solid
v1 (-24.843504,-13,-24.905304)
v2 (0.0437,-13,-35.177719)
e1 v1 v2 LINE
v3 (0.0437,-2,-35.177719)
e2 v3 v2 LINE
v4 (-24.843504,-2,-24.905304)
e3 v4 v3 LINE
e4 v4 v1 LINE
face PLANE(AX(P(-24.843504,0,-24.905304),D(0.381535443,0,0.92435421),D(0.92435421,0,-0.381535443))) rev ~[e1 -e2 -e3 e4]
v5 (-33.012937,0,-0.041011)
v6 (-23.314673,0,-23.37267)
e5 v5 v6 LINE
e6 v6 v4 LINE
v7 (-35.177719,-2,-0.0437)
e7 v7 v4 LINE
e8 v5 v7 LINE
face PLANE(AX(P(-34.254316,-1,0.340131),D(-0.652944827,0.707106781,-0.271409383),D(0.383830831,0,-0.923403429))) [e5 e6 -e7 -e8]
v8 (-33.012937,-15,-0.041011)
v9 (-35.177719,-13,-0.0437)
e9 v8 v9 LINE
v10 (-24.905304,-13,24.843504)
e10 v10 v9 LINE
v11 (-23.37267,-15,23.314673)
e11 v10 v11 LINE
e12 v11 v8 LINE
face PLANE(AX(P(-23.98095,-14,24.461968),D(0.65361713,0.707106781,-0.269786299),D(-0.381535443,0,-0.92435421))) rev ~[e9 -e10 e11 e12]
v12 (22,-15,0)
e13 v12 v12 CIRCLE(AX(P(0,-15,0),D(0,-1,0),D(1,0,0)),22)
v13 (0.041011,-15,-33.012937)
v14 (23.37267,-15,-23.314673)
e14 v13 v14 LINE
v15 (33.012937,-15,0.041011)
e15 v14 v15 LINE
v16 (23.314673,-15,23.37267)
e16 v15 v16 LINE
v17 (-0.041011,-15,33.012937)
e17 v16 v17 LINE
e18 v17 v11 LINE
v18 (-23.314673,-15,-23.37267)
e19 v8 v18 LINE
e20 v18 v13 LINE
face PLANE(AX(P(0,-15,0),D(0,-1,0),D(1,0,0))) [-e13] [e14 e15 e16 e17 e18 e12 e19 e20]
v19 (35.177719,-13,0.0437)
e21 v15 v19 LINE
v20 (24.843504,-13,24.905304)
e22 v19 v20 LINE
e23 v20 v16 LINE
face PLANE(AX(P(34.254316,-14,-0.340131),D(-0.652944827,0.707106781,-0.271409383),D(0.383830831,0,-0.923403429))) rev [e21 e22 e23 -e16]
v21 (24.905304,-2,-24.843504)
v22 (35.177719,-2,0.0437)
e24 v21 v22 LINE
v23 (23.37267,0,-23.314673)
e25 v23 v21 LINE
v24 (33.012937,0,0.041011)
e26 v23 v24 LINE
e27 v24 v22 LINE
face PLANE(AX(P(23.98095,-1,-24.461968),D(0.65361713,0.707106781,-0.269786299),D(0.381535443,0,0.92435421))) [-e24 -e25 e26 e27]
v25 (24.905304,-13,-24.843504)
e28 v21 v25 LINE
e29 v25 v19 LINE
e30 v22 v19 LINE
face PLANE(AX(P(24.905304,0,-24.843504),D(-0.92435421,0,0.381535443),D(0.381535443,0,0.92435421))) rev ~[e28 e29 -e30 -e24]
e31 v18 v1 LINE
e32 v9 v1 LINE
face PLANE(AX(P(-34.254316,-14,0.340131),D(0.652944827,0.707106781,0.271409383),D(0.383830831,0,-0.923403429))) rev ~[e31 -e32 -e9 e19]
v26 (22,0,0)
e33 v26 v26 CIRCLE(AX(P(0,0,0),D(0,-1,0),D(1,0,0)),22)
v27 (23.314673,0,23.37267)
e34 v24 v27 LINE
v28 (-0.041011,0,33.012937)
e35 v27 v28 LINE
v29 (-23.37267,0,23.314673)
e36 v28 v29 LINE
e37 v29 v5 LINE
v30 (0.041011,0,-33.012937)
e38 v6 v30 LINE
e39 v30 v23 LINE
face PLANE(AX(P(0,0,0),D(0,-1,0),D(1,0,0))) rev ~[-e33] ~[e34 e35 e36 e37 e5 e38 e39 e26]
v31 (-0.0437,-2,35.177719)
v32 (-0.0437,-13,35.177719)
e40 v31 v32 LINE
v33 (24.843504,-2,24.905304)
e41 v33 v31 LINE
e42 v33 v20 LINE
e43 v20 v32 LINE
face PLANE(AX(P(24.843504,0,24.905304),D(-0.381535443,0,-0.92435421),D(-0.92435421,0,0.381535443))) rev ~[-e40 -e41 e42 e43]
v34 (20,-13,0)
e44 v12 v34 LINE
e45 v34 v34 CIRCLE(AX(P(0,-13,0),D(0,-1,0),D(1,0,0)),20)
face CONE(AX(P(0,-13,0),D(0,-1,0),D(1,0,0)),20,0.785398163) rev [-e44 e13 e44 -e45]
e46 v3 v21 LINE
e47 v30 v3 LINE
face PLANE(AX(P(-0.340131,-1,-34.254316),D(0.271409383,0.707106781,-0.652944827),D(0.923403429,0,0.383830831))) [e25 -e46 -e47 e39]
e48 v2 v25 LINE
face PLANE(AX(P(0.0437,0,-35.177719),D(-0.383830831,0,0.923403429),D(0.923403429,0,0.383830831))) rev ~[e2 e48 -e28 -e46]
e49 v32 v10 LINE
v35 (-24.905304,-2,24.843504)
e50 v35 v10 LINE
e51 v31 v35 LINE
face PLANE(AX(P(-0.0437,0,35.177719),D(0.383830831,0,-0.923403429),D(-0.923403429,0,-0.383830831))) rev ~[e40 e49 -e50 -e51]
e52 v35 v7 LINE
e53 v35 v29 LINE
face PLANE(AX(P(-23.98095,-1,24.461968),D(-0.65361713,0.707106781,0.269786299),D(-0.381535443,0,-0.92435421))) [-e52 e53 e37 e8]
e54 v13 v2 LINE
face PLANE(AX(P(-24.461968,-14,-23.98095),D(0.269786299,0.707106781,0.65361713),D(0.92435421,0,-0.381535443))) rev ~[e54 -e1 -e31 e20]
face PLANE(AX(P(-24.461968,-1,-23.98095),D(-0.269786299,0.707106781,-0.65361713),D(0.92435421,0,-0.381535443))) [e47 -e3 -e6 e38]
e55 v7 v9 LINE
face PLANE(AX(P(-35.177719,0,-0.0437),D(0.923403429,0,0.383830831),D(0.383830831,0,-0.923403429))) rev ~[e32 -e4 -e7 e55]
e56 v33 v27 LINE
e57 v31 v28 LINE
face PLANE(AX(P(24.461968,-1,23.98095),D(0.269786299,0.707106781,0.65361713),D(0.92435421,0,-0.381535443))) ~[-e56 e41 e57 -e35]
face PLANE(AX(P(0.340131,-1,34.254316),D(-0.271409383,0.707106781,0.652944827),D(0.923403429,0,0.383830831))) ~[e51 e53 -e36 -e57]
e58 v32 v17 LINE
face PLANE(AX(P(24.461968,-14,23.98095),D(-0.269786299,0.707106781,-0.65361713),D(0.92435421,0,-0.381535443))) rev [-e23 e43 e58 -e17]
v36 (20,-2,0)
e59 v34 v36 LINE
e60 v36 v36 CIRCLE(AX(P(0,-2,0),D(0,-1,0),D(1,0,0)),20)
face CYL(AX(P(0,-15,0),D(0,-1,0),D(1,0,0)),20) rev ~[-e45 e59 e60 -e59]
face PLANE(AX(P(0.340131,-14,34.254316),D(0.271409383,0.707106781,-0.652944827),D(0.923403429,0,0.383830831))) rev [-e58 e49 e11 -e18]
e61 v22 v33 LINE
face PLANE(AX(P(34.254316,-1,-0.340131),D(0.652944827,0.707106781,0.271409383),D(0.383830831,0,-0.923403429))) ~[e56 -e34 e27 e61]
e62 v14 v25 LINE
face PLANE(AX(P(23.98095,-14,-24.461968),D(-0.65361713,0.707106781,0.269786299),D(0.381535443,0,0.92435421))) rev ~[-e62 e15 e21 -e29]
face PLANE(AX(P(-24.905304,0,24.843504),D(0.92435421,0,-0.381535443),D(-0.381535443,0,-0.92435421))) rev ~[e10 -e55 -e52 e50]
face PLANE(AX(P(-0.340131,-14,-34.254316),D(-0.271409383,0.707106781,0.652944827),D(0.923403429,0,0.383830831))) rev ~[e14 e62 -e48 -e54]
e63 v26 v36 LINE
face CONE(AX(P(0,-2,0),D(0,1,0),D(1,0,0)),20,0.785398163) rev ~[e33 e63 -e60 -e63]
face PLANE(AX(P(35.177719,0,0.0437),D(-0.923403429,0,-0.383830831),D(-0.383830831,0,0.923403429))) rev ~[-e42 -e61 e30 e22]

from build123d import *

# Parameters (mm, degrees)
F1_DEPTH = 15
F2_R     = 20
F3_DEPTH = 25
F4_SIZE  = 2


with BuildPart() as f1:
    # F0 (on Front) → F1 (new body)
    with BuildSketch(Plane.XZ):
        Polygon((24.8435035413, 24.90530428), (-0.0436997214, 35.1777193664), (-24.90530428, 24.8435035413), (-35.1777193664, -0.0436997214), (-24.8435035413, -24.90530428), (0.0436997214, -35.1777193664), (24.90530428, -24.8435035413), (35.1777193664, 0.0436997214), align=None)
    extrude(amount=F1_DEPTH)

    # F2 (on face) → F3 (cut)
    with BuildSketch(Plane.XZ.offset(15)):
        Circle(F2_R)
    extrude(amount=-F3_DEPTH, mode=Mode.SUBTRACT)

    # F4
    f4_edges = [f1.edges().sort_by_distance(p)[0] for p in [
        (30.041512, -15, -12.399902),
        (12.474502, -15, -30.010611),
        (30.010611, -15, 12.474502),
        (-12.399902, -15, -30.041512),
        (12.399902, -15, 30.041512),
        (-30.010611, -15, -12.474502),
        (-12.474502, -15, 30.010611),
        (-30.041512, -15, 12.399902),
        (-20, -15, 0),
        (30.041512, 0, -12.399902),
        (12.474502, 0, -30.010611),
        (30.010611, 0, 12.474502),
        (-12.399902, 0, -30.041512),
        (12.399902, 0, 30.041512),
        (-30.010611, 0, -12.474502),
        (-12.474502, 0, 30.010611),
        (-30.041512, 0, 12.399902),
        (-20, 0, 0),
    ]]
    chamfer(f4_edges, length=F4_SIZE)


solid = f1.part
